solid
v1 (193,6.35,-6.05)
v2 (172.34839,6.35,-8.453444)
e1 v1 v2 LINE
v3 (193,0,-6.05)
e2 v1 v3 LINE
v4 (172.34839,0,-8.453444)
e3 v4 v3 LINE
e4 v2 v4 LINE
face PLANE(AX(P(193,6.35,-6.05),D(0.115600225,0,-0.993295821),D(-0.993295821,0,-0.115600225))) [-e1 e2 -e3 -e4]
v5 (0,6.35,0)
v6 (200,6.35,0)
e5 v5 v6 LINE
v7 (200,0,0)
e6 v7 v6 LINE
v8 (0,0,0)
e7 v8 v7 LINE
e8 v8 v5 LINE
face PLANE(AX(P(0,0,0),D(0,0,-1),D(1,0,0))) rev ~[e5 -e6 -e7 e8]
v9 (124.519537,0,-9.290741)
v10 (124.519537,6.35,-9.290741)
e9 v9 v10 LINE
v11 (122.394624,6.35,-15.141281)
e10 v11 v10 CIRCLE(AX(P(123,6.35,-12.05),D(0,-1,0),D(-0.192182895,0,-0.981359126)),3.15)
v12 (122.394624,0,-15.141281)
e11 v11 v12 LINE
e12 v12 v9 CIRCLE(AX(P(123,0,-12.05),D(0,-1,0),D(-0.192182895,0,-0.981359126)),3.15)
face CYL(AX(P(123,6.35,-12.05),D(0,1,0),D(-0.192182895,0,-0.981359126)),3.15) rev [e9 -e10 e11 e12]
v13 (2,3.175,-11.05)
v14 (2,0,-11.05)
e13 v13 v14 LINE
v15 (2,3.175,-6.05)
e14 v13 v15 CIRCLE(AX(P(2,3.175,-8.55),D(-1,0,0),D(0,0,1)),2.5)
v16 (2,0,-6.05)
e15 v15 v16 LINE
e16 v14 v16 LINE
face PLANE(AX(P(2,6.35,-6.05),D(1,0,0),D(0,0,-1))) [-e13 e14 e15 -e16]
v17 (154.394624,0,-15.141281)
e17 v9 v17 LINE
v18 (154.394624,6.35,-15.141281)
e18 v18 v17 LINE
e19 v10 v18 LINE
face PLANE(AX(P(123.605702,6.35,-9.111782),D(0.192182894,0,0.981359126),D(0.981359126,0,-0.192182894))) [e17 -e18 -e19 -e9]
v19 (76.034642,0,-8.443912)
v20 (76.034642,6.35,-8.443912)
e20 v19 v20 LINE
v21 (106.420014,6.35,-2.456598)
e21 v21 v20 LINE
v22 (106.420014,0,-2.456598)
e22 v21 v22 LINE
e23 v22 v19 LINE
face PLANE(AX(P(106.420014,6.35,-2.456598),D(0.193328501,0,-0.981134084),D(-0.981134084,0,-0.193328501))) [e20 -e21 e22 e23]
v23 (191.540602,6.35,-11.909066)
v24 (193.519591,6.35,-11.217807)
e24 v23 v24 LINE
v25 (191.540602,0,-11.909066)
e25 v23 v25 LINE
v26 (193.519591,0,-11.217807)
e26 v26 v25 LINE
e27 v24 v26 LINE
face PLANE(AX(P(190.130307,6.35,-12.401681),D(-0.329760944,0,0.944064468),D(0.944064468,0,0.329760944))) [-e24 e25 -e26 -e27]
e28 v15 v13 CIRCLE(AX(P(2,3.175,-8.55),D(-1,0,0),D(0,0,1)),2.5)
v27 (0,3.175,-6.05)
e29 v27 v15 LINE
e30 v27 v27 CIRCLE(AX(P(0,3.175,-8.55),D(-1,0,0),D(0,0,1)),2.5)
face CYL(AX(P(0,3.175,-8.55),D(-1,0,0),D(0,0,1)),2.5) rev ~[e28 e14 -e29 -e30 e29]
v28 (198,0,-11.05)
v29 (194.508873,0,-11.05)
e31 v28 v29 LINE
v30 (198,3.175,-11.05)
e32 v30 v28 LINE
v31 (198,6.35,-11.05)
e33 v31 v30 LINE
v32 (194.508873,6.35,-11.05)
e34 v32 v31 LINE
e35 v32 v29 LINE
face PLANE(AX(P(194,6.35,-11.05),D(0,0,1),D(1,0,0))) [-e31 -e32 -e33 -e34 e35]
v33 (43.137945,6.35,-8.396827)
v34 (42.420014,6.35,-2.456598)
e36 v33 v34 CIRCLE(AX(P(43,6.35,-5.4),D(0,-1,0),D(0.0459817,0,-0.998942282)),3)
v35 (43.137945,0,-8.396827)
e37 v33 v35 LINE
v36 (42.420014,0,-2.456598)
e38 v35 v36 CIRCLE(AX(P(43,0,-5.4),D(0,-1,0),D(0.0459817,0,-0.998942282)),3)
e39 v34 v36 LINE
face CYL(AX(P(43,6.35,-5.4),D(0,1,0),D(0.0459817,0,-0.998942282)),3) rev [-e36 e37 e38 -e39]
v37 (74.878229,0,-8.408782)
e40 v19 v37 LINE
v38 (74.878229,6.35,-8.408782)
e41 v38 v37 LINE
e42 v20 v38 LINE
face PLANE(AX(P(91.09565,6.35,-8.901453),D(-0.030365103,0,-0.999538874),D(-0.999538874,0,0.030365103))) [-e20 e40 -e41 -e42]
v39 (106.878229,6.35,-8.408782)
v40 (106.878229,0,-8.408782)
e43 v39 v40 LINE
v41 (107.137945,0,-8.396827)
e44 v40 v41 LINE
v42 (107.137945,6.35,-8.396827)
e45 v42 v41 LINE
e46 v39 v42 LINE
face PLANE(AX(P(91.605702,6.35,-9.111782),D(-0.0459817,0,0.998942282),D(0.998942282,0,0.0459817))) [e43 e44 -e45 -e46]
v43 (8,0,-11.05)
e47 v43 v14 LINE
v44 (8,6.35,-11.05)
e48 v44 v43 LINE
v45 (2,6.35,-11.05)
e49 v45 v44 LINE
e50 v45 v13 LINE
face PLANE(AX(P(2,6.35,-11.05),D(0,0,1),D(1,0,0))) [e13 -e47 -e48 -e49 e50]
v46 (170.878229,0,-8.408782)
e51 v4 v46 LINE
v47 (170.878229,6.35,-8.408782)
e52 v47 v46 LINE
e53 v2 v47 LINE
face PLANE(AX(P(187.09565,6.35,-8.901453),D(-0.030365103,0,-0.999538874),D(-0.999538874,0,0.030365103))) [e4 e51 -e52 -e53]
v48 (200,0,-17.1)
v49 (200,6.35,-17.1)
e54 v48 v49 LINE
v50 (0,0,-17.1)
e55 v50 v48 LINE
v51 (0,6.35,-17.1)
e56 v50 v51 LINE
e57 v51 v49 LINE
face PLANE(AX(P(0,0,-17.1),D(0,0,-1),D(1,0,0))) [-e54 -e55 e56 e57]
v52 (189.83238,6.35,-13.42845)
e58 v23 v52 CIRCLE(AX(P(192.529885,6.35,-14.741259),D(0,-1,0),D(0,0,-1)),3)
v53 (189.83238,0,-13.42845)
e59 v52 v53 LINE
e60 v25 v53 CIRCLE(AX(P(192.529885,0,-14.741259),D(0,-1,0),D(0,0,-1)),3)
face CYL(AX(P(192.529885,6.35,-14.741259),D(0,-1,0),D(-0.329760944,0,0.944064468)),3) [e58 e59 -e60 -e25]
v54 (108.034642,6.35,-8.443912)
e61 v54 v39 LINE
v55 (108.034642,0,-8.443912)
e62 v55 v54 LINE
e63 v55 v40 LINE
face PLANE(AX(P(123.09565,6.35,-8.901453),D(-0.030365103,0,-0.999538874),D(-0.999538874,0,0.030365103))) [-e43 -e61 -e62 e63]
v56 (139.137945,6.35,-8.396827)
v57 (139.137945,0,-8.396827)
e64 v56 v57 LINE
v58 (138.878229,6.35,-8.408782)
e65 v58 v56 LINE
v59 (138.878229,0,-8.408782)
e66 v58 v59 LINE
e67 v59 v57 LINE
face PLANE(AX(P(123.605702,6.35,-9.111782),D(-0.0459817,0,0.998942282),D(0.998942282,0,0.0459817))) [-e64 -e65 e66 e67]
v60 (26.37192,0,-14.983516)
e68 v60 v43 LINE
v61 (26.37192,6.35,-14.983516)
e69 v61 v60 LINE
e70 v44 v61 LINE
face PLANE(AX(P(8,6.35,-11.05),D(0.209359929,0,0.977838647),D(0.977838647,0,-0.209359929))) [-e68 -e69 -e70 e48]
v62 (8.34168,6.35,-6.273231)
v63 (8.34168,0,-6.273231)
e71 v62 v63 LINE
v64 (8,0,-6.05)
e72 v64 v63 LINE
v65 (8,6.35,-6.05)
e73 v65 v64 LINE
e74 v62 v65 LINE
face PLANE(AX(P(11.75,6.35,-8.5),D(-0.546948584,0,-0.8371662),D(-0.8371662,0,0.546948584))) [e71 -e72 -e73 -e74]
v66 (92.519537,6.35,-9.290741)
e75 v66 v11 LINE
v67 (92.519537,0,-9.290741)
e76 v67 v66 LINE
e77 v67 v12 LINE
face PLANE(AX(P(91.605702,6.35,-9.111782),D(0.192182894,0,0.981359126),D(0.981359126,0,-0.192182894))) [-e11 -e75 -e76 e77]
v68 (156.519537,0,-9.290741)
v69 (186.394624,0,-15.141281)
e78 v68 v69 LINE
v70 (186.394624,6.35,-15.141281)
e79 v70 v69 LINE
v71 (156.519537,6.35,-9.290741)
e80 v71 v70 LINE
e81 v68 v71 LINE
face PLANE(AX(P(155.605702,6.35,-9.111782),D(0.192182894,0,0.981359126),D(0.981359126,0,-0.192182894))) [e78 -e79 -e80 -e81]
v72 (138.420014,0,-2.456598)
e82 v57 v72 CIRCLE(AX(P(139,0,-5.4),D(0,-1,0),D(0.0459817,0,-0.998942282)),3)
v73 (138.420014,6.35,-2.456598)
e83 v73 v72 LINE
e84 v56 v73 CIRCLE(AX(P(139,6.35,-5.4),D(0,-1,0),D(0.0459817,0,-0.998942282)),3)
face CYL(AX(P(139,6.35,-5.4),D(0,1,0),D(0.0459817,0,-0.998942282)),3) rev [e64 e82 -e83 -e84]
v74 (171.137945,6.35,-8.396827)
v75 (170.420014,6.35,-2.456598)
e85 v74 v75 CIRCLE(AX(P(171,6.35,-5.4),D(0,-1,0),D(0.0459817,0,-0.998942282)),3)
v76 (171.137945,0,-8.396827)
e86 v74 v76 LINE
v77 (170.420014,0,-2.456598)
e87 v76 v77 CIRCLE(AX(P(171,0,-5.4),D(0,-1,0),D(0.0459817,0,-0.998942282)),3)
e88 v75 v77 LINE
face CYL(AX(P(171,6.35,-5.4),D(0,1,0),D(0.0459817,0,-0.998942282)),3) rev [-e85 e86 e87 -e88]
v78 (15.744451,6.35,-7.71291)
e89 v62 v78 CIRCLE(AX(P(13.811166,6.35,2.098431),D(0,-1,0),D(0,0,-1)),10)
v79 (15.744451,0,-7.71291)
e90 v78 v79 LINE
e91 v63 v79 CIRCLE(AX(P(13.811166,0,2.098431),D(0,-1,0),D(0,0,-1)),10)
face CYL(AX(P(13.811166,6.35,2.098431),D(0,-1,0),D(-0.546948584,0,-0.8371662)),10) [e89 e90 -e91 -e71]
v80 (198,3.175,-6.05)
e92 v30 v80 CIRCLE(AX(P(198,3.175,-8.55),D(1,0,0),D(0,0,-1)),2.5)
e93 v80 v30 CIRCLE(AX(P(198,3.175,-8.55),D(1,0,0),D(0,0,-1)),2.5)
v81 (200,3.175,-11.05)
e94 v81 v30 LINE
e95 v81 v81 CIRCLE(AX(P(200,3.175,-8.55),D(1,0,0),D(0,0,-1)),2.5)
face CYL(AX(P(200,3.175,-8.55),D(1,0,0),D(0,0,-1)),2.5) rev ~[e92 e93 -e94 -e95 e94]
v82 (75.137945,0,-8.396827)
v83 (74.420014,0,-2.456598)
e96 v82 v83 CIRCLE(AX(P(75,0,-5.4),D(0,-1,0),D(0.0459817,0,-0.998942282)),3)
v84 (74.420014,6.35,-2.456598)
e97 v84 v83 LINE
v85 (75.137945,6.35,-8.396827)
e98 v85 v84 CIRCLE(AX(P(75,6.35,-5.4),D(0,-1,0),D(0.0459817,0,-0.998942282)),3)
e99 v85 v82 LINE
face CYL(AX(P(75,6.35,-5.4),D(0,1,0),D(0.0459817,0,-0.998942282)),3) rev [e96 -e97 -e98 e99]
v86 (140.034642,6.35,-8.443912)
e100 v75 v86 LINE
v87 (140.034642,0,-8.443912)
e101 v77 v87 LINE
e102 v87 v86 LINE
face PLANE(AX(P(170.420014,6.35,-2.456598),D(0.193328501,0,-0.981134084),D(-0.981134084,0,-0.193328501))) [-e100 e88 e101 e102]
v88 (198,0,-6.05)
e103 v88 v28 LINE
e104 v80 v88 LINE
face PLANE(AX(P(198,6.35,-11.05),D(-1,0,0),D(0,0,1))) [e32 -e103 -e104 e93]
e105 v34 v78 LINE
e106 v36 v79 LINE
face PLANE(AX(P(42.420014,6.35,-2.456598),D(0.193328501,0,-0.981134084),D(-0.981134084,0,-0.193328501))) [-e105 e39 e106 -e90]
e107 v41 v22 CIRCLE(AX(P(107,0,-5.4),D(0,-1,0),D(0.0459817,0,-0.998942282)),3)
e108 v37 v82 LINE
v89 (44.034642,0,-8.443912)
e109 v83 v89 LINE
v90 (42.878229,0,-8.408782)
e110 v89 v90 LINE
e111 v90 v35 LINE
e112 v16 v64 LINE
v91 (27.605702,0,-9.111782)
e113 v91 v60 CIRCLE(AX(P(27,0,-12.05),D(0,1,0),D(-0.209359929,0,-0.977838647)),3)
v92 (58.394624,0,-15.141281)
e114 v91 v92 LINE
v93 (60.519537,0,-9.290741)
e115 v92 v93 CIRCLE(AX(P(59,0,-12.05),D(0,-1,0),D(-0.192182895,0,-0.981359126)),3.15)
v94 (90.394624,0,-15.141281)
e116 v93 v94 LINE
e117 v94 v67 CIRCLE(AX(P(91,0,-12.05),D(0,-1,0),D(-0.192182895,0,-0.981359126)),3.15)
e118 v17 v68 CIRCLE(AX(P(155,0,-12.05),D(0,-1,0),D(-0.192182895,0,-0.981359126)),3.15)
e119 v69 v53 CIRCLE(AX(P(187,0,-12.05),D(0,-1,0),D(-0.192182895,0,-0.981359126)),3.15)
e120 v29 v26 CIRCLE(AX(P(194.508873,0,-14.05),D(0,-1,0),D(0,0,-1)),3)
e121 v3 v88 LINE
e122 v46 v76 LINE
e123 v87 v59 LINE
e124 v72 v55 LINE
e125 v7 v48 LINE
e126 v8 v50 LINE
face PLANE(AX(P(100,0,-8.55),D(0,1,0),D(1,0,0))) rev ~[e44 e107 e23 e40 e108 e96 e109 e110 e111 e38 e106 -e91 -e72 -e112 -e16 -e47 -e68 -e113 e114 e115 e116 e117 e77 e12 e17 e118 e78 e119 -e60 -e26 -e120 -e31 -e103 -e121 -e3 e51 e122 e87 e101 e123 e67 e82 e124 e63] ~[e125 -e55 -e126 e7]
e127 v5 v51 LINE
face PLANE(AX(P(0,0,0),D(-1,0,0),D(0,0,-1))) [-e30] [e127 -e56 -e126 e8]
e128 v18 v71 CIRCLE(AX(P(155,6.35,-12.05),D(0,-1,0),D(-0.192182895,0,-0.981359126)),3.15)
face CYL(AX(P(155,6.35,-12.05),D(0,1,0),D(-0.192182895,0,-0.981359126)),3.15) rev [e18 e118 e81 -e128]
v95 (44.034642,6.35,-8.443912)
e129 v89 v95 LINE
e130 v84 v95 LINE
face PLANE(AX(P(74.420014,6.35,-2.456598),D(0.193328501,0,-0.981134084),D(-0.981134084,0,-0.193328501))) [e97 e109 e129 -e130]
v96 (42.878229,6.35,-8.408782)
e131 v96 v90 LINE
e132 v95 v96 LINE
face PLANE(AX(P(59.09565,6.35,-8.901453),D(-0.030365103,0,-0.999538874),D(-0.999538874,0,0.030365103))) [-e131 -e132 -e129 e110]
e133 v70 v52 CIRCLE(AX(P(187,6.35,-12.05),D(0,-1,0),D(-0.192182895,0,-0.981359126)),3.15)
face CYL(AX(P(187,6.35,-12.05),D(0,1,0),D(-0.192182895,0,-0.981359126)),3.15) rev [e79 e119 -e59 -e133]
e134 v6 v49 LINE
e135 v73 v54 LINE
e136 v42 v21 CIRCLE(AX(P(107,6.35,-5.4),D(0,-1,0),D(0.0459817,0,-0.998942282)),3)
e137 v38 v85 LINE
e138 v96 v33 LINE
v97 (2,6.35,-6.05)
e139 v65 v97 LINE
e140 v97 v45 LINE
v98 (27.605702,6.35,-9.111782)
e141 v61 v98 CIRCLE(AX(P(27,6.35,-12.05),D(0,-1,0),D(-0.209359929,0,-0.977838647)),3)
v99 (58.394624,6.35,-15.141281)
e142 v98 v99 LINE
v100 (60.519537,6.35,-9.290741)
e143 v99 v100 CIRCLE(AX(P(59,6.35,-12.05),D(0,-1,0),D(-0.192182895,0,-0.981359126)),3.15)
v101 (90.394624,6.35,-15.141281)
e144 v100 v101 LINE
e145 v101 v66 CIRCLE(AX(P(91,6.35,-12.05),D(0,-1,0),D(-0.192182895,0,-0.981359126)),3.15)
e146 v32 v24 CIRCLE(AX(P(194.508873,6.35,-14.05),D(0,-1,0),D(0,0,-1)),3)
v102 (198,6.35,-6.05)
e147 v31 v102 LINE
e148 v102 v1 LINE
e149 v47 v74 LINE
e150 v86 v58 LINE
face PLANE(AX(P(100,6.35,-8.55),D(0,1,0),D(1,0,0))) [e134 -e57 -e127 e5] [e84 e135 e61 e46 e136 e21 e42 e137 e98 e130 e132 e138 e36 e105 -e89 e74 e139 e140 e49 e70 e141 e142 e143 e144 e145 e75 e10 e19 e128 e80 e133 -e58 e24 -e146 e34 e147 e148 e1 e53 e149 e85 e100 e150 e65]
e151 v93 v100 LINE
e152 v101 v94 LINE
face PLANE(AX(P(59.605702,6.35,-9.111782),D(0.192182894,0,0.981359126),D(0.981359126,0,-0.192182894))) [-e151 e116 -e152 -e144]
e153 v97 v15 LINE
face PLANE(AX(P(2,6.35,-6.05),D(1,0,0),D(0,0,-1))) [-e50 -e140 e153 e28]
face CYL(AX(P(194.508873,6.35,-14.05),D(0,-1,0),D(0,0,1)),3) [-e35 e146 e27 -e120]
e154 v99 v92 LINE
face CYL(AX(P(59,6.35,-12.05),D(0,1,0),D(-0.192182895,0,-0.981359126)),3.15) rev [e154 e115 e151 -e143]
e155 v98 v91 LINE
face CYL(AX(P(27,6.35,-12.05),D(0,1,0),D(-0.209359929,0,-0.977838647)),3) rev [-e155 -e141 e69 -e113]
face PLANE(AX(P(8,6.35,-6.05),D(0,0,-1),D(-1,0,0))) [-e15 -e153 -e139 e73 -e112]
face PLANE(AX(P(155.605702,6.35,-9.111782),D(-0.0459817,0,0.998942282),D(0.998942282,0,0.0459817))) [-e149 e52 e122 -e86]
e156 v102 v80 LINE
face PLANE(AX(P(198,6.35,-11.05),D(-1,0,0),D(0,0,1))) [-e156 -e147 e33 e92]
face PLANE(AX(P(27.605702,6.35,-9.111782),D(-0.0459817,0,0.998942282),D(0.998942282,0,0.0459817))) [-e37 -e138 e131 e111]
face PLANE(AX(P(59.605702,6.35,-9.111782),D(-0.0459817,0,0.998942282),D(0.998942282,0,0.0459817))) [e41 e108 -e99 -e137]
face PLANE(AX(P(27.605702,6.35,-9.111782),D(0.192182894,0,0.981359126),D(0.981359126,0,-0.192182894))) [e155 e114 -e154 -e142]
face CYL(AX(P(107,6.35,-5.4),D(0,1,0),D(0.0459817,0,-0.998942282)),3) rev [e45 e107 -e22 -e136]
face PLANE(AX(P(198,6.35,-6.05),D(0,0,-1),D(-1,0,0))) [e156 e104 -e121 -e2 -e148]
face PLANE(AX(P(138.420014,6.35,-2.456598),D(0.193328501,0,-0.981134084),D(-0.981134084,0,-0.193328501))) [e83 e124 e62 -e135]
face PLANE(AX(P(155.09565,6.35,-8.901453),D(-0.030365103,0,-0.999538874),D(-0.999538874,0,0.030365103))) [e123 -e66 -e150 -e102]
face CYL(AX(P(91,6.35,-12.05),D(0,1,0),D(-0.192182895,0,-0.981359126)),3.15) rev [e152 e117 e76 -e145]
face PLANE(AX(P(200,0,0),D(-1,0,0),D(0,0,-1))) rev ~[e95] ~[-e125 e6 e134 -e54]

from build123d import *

# Parameters (mm, degrees)
SKETCH1_W           = 200
SKETCH1_H           = 17.1
BOSS_EXTRUDE1_DEPTH = 6.35
CUT_EXTRUDE1_REACH  = 8.35
CUT_EXTRUDE2_DEPTH  = 6.35
LPATTERN1_COUNT     = 5
LPATTERN1_PITCH     = 32
CUT_EXTRUDE3_DEPTH  = 6.35
LPATTERN2_COUNT     = 5
LPATTERN2_PITCH     = 32
FILLET1_R           = 10
CUT_EXTRUDE6_REACH  = 8.35
FILLET2_R           = 3
CUT_EXTRUDE7_REACH  = 202
SKETCH6_R           = 2.5
CUT_EXTRUDE8_REACH  = 202
SKETCH7_R           = 2.5


with BuildPart() as part:
    # Sketch1 → Boss-Extrude1 (new body)
    with BuildSketch(Plane(origin=(0, 0, 0), x_dir=(1, 0, 0), z_dir=(0, 1, 0))):
        with Locations((100, 8.55)):
            Rectangle(SKETCH1_W, SKETCH1_H)
    extrude(amount=BOSS_EXTRUDE1_DEPTH)

    # Sketch2 → Cut-Extrude1 (cut, up to next)
    with BuildSketch(Plane(origin=(0, 6.35, 0), x_dir=(1, 0, 0), z_dir=(0, 1, 0)), mode=Mode.PRIVATE) as cut_extrude1_sk1:
        with BuildLine():
            Line((2, 11.05), (8, 11.05))
            Line((8, 11.05), (26.371920214, 14.983515942))
            ThreePointArc((26.371920214, 14.983515942), (29.935888288, 12.666895422), (27.605702097, 9.111782008))
            Line((27.605702097, 9.111782008), (11.75, 8.5))
            Line((11.75, 8.5), (8, 6.05))
            Line((8, 6.05), (2, 6.05))
            Line((2, 6.05), (2, 11.05))
        make_face()
    cut_extrude1_tool1 = extrude(cut_extrude1_sk1.sketch, amount=-CUT_EXTRUDE1_REACH, mode=Mode.PRIVATE) & part.part
    add(cut_extrude1_tool1.solids().sort_by_distance((16.294125, 6.35, -10.477607))[0], mode=Mode.SUBTRACT)

    # Sketch3 → Cut-Extrude2 (cut)
    with BuildSketch(Plane(origin=(0, 6.35, 0), x_dir=(1, 0, 0), z_dir=(0, 1, 0))):
        with BuildLine():
            Line((42.420014497, 2.456597748), (11.75, 8.5))
            Line((11.75, 8.5), (27.605702097, 9.111782008))
            Line((27.605702097, 9.111782008), (43.1379451, 8.396826847))
            ThreePointArc((43.1379451, 8.396826847), (45.978326773, 5.040042176), (42.420014497, 2.456597748))
        make_face()
    cut_extrude2 = extrude(amount=-CUT_EXTRUDE2_DEPTH, mode=Mode.SUBTRACT)

    # LPattern1: Cut-Extrude2 ×5
    with Locations(*[(i * LPATTERN1_PITCH, 0, 0) for i in range(1, LPATTERN1_COUNT)]):
        add(cut_extrude2, mode=Mode.SUBTRACT)

    # Sketch4 → Cut-Extrude3 (cut)
    with BuildSketch(Plane(origin=(0, 6.35, 0), x_dir=(1, 0, 0), z_dir=(0, 1, 0))):
        with BuildLine():
            Line((27.605702097, 9.111782008), (58.394623882, 15.141281248))
            ThreePointArc((58.394623882, 15.141281248), (62.130306809, 12.401680657), (59.095650073, 8.901452547))
            Line((59.095650073, 8.901452547), (42.878228619, 8.408781697))
            Line((42.878228619, 8.408781697), (27.605702097, 9.111782008))
        make_face()
    cut_extrude3 = extrude(amount=-CUT_EXTRUDE3_DEPTH, mode=Mode.SUBTRACT)

    # LPattern2: Cut-Extrude3 ×5
    with Locations(*[(i * LPATTERN2_PITCH, 0, 0) for i in range(1, LPATTERN2_COUNT)]):
        add(cut_extrude3, mode=Mode.SUBTRACT)

    # Fillet1
    fillet1_edges = [part.edges().sort_by_distance(p)[0] for p in [
        (11.75, 3.175, -8.5),
    ]]
    fillet(fillet1_edges, radius=FILLET1_R)

    # Sketch5 → Cut-Extrude6 (cut, up to next)
    with BuildSketch(Plane(origin=(0, 6.35, 0), x_dir=(1, 0, 0), z_dir=(0, 1, 0)), mode=Mode.PRIVATE) as cut_extrude6_sk1:
        Polygon((198, 6.05), (193, 6.05), (172.348389916, 8.453443891), (190.130306809, 12.401680657), (194, 11.05), (198, 11.05), align=None)
    cut_extrude6_tool1 = extrude(cut_extrude6_sk1.sketch, amount=-CUT_EXTRUDE6_REACH, mode=Mode.PRIVATE) & part.part
    add(cut_extrude6_tool1.solids().sort_by_distance((188.45236, 6.35, -8.941649))[0], mode=Mode.SUBTRACT)

    # Fillet2
    fillet2_edges = [part.edges().sort_by_distance(p)[0] for p in [
        (190.130306809, 3.175, -12.401680657),
        (194, 3.175, -11.05),
    ]]
    fillet(fillet2_edges, radius=FILLET2_R)

    # Sketch6 → Cut-Extrude7 (cut, up to next)
    with BuildSketch(Plane(origin=(200, 0, 0), x_dir=(0, 0, -1), z_dir=(1, 0, 0)), mode=Mode.PRIVATE) as cut_extrude7_sk1:
        with Locations((8.55, 3.175)):
            Circle(SKETCH6_R)
    cut_extrude7_tool1 = extrude(cut_extrude7_sk1.sketch, amount=-CUT_EXTRUDE7_REACH, mode=Mode.PRIVATE) & part.part
    add(cut_extrude7_tool1.solids().sort_by_distance((200, 3.175, -8.55))[0], mode=Mode.SUBTRACT)

    # Sketch7 → Cut-Extrude8 (cut, up to next)
    with BuildSketch(Plane.ZY, mode=Mode.PRIVATE) as cut_extrude8_sk1:
        with Locations((-8.55, 3.175)):
            Circle(SKETCH7_R)
    cut_extrude8_tool1 = extrude(cut_extrude8_sk1.sketch, amount=-CUT_EXTRUDE8_REACH, mode=Mode.PRIVATE) & part.part
    add(cut_extrude8_tool1.solids().sort_by_distance((0, 3.175, -8.55))[0], mode=Mode.SUBTRACT)


solid = part.part
